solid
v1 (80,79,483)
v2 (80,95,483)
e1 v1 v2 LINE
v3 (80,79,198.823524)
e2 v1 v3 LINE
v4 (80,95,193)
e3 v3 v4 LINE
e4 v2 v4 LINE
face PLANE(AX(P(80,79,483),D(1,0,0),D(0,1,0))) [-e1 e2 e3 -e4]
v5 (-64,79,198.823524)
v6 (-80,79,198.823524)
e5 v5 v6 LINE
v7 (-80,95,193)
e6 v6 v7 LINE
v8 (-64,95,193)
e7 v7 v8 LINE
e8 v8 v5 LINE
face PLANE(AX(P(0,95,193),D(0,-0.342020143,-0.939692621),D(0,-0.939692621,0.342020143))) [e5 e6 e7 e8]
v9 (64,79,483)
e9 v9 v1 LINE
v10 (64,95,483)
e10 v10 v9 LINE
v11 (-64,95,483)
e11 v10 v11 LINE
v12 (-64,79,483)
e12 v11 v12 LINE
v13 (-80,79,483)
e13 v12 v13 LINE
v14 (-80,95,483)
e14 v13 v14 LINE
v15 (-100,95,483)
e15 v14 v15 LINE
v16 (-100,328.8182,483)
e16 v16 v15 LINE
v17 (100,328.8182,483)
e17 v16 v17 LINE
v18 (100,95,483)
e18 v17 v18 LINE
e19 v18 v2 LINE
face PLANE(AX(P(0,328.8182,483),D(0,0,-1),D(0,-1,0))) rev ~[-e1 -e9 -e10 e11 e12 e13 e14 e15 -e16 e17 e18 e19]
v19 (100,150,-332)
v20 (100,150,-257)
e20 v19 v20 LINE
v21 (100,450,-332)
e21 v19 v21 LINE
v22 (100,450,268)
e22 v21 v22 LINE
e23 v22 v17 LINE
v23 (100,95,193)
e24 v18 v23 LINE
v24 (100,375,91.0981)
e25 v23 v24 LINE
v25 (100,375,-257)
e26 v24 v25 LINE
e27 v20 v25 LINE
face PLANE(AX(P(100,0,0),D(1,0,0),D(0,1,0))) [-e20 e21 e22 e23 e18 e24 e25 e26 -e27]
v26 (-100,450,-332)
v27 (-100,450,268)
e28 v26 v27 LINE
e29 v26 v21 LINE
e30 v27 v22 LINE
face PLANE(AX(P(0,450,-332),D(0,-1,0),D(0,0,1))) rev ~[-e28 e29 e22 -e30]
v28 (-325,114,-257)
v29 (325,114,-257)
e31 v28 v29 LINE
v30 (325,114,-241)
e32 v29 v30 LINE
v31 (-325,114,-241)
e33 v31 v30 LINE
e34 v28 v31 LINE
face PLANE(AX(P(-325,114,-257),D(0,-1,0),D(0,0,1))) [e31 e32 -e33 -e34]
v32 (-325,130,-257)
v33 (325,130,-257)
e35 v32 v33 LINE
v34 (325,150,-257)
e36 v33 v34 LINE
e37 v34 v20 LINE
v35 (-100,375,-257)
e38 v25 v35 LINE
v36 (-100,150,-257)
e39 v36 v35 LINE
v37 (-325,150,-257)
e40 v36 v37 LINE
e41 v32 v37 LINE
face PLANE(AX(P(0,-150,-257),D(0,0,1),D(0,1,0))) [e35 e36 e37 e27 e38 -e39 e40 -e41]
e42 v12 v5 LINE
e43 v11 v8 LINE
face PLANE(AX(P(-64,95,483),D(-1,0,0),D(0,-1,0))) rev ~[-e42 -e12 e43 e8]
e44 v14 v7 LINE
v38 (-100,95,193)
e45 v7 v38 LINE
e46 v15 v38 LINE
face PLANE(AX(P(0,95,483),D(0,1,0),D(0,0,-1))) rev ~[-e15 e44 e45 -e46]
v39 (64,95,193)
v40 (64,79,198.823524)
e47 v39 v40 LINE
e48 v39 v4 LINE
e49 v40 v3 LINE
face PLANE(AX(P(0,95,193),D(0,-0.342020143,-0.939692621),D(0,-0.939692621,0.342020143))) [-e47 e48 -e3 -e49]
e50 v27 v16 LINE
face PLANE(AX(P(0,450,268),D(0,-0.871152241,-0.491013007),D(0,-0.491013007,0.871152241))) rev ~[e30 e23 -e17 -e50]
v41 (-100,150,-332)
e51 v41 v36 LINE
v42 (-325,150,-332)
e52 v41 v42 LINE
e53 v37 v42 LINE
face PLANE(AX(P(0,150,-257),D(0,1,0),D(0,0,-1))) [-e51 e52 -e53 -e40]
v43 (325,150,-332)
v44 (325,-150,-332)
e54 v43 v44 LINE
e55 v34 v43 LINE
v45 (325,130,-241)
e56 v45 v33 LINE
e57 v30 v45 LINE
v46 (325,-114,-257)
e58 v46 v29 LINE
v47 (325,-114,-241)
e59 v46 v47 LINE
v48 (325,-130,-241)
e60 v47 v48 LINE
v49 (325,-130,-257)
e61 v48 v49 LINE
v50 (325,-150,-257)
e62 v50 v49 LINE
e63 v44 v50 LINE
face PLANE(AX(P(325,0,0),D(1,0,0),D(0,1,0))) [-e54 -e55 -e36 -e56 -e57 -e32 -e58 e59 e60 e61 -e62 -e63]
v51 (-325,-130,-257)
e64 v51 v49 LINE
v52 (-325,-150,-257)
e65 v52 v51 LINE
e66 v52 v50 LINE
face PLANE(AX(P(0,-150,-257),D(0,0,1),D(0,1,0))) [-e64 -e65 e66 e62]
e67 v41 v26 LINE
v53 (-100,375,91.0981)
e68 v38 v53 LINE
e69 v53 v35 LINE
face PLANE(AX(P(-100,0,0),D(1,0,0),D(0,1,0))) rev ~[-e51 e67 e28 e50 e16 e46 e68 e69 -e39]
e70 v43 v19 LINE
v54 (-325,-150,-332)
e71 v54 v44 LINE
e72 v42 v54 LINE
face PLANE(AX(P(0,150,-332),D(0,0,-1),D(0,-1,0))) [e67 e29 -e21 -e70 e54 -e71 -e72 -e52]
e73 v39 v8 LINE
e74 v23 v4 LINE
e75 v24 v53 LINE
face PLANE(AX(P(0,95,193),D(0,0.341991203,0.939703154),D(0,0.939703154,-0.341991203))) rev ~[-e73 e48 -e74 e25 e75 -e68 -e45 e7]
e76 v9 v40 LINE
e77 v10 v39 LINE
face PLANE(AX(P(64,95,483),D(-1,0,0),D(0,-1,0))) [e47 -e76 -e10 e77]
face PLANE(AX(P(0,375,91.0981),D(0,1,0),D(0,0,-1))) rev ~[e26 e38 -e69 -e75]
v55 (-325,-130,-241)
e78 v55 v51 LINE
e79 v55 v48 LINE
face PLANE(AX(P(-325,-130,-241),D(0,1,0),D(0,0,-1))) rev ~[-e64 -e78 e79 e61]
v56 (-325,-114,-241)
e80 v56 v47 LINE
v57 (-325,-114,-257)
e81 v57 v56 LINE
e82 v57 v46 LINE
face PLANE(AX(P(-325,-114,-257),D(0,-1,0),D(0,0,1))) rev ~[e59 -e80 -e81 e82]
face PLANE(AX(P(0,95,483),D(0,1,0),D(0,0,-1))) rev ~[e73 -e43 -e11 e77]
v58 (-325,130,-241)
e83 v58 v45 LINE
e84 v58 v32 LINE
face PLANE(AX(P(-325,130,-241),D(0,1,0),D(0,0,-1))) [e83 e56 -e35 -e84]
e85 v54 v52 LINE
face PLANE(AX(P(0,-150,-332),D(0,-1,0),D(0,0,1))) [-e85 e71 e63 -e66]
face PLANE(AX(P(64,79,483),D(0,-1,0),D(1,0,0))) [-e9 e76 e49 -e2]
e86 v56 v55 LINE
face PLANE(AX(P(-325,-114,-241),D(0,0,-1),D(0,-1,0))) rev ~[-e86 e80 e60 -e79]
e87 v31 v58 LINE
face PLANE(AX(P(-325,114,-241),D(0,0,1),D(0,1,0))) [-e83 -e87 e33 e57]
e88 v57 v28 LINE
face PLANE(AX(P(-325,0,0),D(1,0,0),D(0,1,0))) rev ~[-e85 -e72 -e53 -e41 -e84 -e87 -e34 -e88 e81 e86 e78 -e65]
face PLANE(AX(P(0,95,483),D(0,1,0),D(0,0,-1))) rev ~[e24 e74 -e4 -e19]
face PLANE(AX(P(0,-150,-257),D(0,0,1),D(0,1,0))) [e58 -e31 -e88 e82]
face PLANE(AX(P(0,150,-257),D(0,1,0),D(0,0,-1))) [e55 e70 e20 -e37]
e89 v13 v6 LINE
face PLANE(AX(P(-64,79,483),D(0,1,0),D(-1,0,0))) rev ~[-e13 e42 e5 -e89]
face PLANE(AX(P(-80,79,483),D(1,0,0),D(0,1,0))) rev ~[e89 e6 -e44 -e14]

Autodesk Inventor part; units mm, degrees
ref_plane "YZ Plane" through (0, 0, 0) normal (1, 0, 0) x (0, 1, 0)
ref_plane "XZ Plane" through (0, 0, 0) normal (0, 1, 0) x (-1, 0, 0)
ref_plane "XY Plane" through (0, 0, 0) normal (0, 0, 1) x (1, 0, 0)
sketch "Sketch1" plane through (0, 0, 0) normal (1, 0, 0) x (0, 1, 0)
  line L0 (0, 9.8901) -> (0, -9.3874)
  line L1 (-150, -257) -> (150, -257)
  line L2 (150, -257) -> (150, -332)
  line L3 (150, -332) -> (-150, -332)
  line L4 (-150, -332) -> (-150, -257)
  point P0 (0, 0)
  dimension "d0" = 257
  dimension "d1" = 300
  dimension "d2" = 75
extrude "Extrusion1" add sketch "Sketch1" along normal mid plane 650
sketch "Sketch2" plane through (0, 0, 0) normal (1, 0, 0) x (0, 1, 0)
  line L0 (450, -332) -> (450, 268)
  line L1 (450, 268) -> (328.8182, 483)
  line L2 (295, 543) -> (95, 543) construction
  line L3 (95, 483) -> (95, 193)
  line L4 (95, 193) -> (375, 193) construction
  line L5 (375, 91.0981) -> (375, -257)
  line L6 (-150, -332) -> (150, -332) projected
  line L7 (150, -332) -> (150, -257) projected
  line L8 (150, -332) -> (450, -332)
  line L9 (150, -257) -> (-150, -257) projected
  line L10 (150, -332) -> (150, -257)
  line L11 (150, -257) -> (150, -332) projected
  line L12 (150, -257) -> (375, -257)
  line L13 (95, 193) -> (375, 91.0981)
  line L14 (328.8182, 483) -> (95, 483)
  point P0 (0, 0)
  dimension "d7" = 75
  dimension "d8" = 300
  dimension "d9" = 600
  dimension "d10" = 280
  dimension "d11" = 450
  dimension "d12" = 350
  dimension "d13" = 200
  dimension "d22" = 60
extrude "Extrusion2" add sketch "Sketch2" along normal mid plane 200
sketch "Sketch3" plane through (-325, 0, 0) normal (-1, 0, 0) x (0, 0, 1)
  line L0 (-257, 150) -> (-257, -150) projected
  line L1 (-241, 130) -> (-257, 130)
  line L2 (-257, 130) -> (-257, 114)
  line L3 (-257, 114) -> (-241, 114)
  line L4 (-241, 114) -> (-241, 130)
  line L5 (-257, 150) -> (-332, 150) projected
  line L6 (-111.2497, 0) -> (-314.6527, 0)
  line L7 (-241, -130) -> (-257, -130)
  line L8 (-257, -130) -> (-257, -114)
  line L9 (-257, -114) -> (-241, -114)
  line L10 (-241, -114) -> (-241, -130)
  point P0 (0, 0)
  dimension "d23" = 20
  dimension "d24" = 16
  dimension "d25" = 16
extrude "Extrusion3" add sketch "Sketch3" against normal up to surface (650 mm away)
sketch "Sketch4" plane through (-100, 95, 483) normal (0, 0, 1) x (1, 0, 0)
  line L0 (100, -95) -> (100, 134.7598)
  line L1 (0, 0) -> (200, 0) projected
  line L2 (20, 0) -> (36, 0)
  line L3 (36, 0) -> (36, -16)
  line L4 (36, -16) -> (20, -16)
  line L5 (20, -16) -> (20, 0)
  line L6 (0, 0) -> (0, 233.8182) projected
  line L7 (180, 0) -> (164, 0)
  line L8 (164, 0) -> (164, -16)
  line L9 (164, -16) -> (180, -16)
  line L10 (180, -16) -> (180, 0)
  point P0 (36, 0)
  dimension "d28" = 20
  dimension "d29" = 16
  dimension "d30" = 16
extrude "Extrusion4" add sketch "Sketch4" against normal up to surface surface through (0, 95, 193) normal (0, -0.342, -0.9397)
properties part number "base"
